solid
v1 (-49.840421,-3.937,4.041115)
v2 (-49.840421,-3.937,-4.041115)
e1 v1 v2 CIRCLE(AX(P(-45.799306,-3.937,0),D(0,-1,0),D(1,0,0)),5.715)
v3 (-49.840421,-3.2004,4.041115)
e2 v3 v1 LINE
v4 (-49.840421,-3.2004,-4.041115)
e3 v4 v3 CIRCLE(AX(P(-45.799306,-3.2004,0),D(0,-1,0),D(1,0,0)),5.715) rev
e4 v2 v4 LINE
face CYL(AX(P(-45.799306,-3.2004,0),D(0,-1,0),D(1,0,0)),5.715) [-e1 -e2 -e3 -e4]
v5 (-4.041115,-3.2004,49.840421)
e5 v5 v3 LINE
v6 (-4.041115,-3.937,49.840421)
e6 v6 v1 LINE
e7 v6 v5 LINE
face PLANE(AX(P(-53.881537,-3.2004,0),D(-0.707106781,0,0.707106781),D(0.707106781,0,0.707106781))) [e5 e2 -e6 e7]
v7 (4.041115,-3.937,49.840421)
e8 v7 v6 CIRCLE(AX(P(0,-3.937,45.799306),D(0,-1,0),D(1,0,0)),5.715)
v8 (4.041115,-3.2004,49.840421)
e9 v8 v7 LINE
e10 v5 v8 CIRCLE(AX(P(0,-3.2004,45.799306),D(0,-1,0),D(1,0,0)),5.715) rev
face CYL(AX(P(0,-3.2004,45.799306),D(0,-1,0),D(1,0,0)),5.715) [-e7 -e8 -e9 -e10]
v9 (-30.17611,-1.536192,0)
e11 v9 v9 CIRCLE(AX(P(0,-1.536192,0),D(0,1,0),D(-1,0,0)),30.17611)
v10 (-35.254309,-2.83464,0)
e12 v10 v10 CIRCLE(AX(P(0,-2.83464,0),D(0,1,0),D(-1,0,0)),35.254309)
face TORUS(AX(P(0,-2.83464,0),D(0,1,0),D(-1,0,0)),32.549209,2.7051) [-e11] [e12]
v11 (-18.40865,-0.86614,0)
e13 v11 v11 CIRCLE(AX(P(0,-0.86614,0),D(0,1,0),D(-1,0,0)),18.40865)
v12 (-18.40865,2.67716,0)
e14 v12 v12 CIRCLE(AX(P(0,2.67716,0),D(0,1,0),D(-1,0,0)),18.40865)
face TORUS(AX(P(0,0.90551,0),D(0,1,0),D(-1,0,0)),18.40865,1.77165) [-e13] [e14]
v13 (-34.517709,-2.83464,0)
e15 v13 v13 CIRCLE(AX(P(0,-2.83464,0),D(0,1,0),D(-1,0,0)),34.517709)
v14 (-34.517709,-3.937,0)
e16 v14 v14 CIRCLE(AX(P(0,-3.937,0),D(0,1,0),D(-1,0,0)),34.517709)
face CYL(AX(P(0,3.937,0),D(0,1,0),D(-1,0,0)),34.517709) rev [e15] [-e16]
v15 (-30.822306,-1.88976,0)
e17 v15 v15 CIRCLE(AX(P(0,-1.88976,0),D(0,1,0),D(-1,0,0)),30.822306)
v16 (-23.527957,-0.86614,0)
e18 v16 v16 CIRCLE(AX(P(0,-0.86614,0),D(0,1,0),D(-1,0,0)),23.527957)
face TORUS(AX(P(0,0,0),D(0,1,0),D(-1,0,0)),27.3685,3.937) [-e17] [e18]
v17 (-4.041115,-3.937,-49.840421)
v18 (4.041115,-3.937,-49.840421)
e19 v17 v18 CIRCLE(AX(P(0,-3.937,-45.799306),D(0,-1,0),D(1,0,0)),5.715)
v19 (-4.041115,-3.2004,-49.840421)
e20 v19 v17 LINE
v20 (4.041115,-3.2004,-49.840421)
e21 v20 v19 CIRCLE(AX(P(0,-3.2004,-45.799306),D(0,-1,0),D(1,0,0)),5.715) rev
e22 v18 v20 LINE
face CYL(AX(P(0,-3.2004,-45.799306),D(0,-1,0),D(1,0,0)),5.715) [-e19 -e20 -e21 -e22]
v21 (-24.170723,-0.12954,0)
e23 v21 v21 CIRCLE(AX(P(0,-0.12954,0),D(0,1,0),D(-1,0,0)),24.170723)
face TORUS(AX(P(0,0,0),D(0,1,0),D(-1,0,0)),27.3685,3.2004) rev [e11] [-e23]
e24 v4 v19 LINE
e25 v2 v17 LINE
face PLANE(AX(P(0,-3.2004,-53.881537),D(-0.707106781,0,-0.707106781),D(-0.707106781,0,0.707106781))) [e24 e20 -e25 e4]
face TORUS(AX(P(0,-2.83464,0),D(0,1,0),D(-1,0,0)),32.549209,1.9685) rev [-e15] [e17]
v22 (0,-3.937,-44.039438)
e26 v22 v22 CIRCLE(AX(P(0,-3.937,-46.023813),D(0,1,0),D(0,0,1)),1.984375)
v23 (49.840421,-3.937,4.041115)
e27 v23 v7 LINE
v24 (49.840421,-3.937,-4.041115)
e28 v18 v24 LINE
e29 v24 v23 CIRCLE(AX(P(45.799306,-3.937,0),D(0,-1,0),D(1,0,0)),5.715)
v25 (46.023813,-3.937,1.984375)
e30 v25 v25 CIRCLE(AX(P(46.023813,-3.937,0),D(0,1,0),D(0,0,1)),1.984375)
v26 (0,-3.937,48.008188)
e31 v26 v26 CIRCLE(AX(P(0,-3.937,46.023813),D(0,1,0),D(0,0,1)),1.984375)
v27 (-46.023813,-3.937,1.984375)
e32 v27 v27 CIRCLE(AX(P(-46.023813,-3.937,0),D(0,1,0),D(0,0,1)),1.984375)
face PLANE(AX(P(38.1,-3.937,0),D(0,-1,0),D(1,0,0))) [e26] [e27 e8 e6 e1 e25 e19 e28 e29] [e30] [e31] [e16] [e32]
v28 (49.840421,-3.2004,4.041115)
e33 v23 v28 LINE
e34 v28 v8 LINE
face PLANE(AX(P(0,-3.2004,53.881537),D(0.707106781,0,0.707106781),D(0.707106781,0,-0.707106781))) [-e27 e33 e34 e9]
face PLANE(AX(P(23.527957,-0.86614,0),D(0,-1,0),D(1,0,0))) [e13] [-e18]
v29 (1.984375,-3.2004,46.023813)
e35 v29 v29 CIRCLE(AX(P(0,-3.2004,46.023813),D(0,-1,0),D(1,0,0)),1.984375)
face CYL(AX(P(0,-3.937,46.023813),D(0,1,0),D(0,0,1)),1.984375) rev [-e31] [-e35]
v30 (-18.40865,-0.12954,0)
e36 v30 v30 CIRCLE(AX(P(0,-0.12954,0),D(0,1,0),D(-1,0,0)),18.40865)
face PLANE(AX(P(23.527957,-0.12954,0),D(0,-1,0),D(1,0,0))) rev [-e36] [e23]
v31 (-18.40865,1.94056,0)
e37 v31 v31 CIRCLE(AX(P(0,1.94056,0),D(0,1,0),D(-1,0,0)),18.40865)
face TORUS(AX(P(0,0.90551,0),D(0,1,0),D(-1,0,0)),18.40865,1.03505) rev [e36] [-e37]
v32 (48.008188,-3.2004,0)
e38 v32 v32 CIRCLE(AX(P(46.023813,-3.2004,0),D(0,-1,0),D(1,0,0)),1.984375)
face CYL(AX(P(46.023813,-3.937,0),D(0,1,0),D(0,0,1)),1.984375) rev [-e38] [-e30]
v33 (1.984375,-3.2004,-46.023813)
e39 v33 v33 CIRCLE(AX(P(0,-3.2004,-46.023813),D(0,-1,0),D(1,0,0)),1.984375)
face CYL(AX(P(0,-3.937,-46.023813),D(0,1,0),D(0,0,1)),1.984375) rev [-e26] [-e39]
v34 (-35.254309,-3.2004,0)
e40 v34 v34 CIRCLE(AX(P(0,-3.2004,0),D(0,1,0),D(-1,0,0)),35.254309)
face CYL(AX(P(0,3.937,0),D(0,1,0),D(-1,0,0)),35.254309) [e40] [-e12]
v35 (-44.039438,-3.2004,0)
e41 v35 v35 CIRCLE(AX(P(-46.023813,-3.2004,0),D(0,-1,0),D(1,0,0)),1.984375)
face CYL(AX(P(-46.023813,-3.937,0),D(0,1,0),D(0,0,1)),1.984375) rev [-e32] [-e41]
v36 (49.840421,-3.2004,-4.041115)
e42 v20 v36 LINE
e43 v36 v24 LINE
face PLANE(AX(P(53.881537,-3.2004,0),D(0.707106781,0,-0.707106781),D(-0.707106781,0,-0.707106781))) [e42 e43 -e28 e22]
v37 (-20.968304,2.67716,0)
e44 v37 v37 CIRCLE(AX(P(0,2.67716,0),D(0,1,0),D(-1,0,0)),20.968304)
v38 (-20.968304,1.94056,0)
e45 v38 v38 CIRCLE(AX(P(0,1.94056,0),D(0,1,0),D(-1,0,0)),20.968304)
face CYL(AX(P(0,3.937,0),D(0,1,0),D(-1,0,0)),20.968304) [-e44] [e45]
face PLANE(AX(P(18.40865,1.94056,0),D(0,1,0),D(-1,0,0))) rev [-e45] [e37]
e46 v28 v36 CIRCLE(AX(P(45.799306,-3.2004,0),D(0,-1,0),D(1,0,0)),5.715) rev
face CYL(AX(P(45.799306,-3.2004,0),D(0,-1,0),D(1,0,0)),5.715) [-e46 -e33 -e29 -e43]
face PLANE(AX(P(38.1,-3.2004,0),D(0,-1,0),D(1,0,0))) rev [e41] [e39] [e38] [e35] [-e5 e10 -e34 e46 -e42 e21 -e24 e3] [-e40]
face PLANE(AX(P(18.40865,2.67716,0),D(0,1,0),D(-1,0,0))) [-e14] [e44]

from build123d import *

# Parameters (mm, degrees)
BOSS_EXTRUDE2_START     = -0.736601
SKETCH5_R               = 34.517709056
BOSS_EXTRUDE2_DEPTH     = 0.736602
SKETCH7_R               = 1.984375
CUT_EXTRUDE2_DEPTH      = 3.67716
CUT_EXTRUDE2_DEPTH_BACK = 4.937001
FILLET2_R               = 5.715


with BuildPart() as part:
    # Sketch3 → Revolve-Thin1 (revolve)
    with BuildSketch(Plane.XY):
        with BuildLine():
            Line((38.1, -3.937), (34.517709056, -3.937))
            Line((34.517709056, -3.937), (34.517709056, -2.83464))
            ThreePointArc((34.517709056, -2.83464), (33.036848091, -0.927495427), (30.822306037, -1.88976))
            ThreePointArc((30.822306037, -1.88976), (26.821379497, -3.898798296), (23.527957004, -0.86614))
            Line((23.527957004, -0.86614), (18.40865, -0.86614))
            ThreePointArc((18.40865, -0.86614), (16.637, 0.90551), (18.40865, 2.67716))
            Line((18.40865, 2.67716), (20.968303502, 2.67716))
            Line((20.968303502, 2.67716), (20.968303502, 1.94056))
            Line((20.968303502, 1.94056), (18.40865, 1.94056))
            ThreePointArc((18.40865, 1.94056), (17.3736, 0.90551), (18.40865, -0.12954))
            Line((18.40865, -0.12954), (24.170722718, -0.12954))
            ThreePointArc((24.170722718, -0.12954), (26.638619821, -3.116060828), (30.176110069, -1.536192))
            ThreePointArc((30.176110069, -1.536192), (33.219319472, -0.213854232), (35.254309056, -2.83464))
            Line((35.254309056, -2.83464), (35.254309056, -3.2004))
            Line((35.254309056, -3.2004), (38.1, -3.2004))
            Line((38.1, -3.2004), (38.1, -3.937))
        make_face()
    revolve(axis=Axis((0, 3.937, 0), (0, -1, 0)))

    # Sketch5 → Boss-Extrude2 (add)
    with BuildSketch(Plane.XZ.offset(3.937).offset(BOSS_EXTRUDE2_START)):
        Polygon((-53.881536726, 0), (0, 53.881536726), (53.881536726, 0), (0, -53.881536726), align=None)
        Circle(SKETCH5_R, mode=Mode.SUBTRACT)
    extrude(amount=BOSS_EXTRUDE2_DEPTH)

    # Sketch7 → Cut-Extrude2 (cut, two sides)
    with BuildSketch(Plane(origin=(0, 0, 0), x_dir=(1, 0, 0), z_dir=(0, 1, 0))) as cut_extrude2_sk:
        with Locations((46.02381262, 0)):
            Circle(SKETCH7_R)
        with Locations((0, 46.02381262)):
            Circle(SKETCH7_R)
        with Locations((-46.02381262, 0)):
            Circle(SKETCH7_R)
        with Locations((0, -46.02381262)):
            Circle(SKETCH7_R)
    extrude(amount=CUT_EXTRUDE2_DEPTH, mode=Mode.SUBTRACT)
    extrude(cut_extrude2_sk.sketch, amount=-CUT_EXTRUDE2_DEPTH_BACK, mode=Mode.SUBTRACT)

    # Fillet2
    fillet2_edges = [part.edges().sort_by_distance(p)[0] for p in [
        (0, -3.5687, -53.881536726),
        (-53.881536726, -3.5687, 0),
        (0, -3.5687, 53.881536726),
        (53.881536726, -3.5687, 0),
    ]]
    fillet(fillet2_edges, radius=FILLET2_R)


solid = part.part
